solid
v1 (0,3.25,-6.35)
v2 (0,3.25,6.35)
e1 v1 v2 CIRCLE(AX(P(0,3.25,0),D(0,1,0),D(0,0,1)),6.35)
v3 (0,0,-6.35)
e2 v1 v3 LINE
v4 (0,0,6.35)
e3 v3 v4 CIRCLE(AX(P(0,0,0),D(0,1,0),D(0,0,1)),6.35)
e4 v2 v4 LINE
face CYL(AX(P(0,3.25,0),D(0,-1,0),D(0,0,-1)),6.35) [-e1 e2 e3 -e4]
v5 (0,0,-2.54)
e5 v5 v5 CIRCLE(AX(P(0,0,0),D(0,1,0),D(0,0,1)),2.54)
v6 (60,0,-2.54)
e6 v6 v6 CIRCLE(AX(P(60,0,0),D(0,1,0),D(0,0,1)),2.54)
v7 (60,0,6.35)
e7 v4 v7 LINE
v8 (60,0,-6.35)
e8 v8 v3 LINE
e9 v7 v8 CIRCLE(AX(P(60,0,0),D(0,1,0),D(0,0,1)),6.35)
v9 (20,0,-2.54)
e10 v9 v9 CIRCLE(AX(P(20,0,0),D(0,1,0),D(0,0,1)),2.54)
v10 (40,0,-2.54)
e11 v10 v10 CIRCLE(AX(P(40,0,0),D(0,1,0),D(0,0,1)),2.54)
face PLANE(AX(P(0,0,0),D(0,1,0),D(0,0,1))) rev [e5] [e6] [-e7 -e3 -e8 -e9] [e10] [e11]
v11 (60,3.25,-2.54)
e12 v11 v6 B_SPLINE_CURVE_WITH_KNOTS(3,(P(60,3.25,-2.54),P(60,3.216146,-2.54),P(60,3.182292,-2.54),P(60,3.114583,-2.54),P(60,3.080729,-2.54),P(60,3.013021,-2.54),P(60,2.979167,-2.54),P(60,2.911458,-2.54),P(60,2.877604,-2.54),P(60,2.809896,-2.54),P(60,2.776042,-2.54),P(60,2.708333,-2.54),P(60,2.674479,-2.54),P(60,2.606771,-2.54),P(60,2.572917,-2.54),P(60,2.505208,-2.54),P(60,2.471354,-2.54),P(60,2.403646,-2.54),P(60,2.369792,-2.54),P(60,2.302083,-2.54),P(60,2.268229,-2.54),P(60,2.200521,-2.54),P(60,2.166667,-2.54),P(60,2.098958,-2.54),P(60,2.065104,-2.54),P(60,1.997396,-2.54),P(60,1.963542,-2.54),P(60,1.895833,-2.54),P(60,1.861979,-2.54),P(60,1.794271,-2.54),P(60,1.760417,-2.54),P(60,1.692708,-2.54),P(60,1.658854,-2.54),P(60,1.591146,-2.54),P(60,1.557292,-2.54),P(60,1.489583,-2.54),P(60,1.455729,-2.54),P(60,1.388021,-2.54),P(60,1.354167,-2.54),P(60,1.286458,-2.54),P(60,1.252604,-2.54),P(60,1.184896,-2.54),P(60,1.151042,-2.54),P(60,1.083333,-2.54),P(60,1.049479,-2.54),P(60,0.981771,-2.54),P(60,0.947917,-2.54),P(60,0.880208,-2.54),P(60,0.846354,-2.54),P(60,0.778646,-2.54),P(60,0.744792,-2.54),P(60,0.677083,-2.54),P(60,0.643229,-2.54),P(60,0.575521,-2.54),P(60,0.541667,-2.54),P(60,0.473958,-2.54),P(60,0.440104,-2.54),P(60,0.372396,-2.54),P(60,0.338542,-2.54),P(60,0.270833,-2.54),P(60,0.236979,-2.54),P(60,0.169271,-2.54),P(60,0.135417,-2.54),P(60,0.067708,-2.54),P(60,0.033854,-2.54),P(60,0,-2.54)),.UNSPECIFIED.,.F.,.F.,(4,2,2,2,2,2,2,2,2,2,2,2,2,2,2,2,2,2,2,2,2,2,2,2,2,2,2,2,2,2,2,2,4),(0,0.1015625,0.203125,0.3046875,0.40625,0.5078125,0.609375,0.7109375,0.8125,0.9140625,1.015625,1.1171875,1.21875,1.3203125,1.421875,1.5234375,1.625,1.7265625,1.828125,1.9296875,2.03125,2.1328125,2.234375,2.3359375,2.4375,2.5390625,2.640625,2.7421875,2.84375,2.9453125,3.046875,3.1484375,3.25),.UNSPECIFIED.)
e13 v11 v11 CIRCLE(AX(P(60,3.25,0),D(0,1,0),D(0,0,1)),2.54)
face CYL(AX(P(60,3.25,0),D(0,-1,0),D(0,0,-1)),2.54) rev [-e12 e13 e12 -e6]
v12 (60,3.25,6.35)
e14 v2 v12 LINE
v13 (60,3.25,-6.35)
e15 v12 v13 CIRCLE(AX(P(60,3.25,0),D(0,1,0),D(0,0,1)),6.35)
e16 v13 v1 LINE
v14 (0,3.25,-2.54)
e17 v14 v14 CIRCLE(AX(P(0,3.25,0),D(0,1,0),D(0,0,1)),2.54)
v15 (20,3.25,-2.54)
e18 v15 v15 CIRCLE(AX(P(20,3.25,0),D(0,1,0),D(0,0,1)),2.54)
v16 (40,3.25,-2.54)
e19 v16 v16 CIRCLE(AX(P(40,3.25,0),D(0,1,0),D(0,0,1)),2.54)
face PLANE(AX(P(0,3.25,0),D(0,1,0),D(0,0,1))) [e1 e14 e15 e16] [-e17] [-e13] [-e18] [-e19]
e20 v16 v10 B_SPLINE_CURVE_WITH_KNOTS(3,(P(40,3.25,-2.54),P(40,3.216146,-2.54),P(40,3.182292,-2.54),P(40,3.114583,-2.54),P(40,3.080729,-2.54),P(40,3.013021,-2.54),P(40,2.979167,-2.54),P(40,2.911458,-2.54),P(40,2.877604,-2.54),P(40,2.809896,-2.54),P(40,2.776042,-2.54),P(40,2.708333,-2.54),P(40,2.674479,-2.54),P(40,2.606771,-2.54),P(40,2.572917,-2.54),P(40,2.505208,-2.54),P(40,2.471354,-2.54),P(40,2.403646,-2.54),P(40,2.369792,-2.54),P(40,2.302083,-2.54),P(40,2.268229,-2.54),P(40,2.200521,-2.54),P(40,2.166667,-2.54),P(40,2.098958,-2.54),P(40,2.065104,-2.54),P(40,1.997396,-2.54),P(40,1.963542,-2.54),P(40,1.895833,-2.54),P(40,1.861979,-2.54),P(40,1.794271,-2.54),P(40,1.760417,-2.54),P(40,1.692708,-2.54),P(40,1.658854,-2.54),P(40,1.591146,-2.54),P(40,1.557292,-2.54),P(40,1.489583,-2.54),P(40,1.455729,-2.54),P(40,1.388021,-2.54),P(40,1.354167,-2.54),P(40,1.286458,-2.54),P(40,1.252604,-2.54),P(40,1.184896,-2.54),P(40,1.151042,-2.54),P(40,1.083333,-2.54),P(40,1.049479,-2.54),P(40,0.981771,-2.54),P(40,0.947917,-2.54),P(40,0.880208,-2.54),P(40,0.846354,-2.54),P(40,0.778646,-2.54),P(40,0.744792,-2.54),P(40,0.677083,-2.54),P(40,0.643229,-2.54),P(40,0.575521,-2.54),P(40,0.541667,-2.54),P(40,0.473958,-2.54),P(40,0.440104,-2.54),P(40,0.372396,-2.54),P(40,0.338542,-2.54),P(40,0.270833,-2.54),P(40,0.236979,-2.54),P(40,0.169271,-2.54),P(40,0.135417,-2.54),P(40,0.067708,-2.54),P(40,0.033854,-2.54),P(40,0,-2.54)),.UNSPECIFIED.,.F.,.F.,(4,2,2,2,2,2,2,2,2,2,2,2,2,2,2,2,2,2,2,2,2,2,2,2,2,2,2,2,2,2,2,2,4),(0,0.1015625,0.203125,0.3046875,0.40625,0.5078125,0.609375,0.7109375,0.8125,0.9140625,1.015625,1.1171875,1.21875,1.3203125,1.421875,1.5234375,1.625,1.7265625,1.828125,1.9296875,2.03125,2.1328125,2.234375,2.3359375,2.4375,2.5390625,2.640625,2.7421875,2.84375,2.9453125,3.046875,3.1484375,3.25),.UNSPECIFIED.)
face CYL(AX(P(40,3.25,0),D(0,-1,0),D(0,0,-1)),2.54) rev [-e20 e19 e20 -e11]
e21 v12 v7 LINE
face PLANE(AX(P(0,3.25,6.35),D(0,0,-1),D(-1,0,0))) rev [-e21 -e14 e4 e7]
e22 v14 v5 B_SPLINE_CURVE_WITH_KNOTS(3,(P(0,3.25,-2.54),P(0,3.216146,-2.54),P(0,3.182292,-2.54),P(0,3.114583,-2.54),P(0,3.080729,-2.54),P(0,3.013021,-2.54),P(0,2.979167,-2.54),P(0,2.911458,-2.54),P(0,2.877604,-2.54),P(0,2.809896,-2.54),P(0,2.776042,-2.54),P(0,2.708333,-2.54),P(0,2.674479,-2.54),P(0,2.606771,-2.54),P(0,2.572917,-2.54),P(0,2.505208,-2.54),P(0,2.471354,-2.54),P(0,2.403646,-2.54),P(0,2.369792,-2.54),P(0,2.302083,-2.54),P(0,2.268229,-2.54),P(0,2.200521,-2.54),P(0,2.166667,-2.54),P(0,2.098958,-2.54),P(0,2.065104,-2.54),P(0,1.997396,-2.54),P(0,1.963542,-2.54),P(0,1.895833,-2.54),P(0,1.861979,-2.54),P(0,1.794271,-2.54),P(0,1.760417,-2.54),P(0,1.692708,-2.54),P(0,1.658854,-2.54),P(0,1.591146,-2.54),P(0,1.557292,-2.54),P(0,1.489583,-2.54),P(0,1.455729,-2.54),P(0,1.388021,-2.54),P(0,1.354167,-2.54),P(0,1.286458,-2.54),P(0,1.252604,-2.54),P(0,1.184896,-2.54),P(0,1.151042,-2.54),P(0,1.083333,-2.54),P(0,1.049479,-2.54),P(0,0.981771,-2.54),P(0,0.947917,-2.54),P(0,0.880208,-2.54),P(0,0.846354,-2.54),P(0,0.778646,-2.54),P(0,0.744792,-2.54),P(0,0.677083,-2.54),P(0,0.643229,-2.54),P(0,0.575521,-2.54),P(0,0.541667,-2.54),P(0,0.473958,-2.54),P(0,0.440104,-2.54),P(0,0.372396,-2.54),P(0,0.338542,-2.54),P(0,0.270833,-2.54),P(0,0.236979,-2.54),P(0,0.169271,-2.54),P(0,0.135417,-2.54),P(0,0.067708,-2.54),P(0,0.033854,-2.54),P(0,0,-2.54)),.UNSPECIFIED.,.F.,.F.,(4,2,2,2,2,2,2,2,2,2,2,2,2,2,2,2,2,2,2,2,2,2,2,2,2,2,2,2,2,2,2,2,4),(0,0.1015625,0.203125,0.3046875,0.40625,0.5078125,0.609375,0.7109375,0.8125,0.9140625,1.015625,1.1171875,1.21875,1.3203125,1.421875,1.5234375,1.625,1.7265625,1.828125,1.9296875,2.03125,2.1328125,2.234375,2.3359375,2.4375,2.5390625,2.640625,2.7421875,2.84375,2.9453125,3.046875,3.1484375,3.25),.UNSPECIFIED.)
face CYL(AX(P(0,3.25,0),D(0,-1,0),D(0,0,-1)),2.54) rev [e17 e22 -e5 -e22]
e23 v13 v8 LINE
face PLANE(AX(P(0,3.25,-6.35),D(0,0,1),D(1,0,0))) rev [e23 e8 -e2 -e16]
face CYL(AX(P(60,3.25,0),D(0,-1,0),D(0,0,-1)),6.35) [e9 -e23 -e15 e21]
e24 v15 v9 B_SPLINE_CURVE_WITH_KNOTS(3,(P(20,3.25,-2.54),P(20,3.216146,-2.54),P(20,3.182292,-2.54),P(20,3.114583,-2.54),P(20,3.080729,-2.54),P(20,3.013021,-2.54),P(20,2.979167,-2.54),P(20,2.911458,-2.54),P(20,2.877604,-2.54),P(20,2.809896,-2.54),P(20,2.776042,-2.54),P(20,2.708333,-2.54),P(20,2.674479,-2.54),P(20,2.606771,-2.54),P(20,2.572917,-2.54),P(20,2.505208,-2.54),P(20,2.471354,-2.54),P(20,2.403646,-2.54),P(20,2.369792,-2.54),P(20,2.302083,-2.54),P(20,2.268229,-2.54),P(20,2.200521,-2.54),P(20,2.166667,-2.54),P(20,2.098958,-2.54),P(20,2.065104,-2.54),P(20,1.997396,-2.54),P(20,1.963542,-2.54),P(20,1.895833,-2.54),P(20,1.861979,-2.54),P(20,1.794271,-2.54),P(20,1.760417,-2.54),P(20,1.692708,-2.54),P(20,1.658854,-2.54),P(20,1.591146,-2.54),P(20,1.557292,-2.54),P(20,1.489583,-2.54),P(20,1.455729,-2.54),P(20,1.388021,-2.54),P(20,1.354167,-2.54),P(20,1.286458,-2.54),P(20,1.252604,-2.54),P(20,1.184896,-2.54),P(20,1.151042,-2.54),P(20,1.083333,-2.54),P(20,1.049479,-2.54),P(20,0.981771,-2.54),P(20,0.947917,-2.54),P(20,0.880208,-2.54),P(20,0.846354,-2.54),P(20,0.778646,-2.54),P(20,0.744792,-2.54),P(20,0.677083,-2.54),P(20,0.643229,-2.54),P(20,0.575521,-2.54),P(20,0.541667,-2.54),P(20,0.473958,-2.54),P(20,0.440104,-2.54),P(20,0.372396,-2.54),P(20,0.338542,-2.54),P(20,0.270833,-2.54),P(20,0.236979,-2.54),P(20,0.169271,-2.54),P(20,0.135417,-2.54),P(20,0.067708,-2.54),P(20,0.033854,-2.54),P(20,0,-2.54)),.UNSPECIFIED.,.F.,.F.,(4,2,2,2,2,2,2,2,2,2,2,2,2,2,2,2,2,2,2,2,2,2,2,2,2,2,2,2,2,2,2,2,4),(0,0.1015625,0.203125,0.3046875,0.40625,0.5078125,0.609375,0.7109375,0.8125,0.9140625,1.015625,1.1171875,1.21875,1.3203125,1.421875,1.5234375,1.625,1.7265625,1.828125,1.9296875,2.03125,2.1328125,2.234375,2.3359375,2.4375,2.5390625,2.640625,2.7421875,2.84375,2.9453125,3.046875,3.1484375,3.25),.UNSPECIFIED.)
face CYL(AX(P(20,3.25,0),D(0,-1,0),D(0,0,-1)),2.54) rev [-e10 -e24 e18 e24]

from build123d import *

# Parameters (mm, degrees)
SKETCH1_R           = 2.54
BOSS_EXTRUDE1_DEPTH = 3.25


with BuildPart() as part:
    # Sketch1 → Boss-Extrude1 (new body)
    with BuildSketch(Plane(origin=(0, 0, 0), x_dir=(1, 0, 0), z_dir=(0, 1, 0))):
        with BuildLine():
            Line((0, 6.35), (60, 6.35))
            ThreePointArc((60, 6.35), (66.35, 0), (60, -6.35))
            Line((60, -6.35), (0, -6.35))
            ThreePointArc((0, -6.35), (-6.35, 0), (0, 6.35))
        make_face()
        with Locations(Location((0, 0, 0), (0, 0, 90))):
            Circle(SKETCH1_R, mode=Mode.SUBTRACT)
        with Locations(Location((20, 0, 0), (0, 0, 90))):
            Circle(SKETCH1_R, mode=Mode.SUBTRACT)
        with Locations(Location((40, 0, 0), (0, 0, 90))):
            Circle(SKETCH1_R, mode=Mode.SUBTRACT)
        with Locations(Location((60, 0, 0), (0, 0, 90))):
            Circle(SKETCH1_R, mode=Mode.SUBTRACT)
    extrude(amount=BOSS_EXTRUDE1_DEPTH)


solid = part.part
